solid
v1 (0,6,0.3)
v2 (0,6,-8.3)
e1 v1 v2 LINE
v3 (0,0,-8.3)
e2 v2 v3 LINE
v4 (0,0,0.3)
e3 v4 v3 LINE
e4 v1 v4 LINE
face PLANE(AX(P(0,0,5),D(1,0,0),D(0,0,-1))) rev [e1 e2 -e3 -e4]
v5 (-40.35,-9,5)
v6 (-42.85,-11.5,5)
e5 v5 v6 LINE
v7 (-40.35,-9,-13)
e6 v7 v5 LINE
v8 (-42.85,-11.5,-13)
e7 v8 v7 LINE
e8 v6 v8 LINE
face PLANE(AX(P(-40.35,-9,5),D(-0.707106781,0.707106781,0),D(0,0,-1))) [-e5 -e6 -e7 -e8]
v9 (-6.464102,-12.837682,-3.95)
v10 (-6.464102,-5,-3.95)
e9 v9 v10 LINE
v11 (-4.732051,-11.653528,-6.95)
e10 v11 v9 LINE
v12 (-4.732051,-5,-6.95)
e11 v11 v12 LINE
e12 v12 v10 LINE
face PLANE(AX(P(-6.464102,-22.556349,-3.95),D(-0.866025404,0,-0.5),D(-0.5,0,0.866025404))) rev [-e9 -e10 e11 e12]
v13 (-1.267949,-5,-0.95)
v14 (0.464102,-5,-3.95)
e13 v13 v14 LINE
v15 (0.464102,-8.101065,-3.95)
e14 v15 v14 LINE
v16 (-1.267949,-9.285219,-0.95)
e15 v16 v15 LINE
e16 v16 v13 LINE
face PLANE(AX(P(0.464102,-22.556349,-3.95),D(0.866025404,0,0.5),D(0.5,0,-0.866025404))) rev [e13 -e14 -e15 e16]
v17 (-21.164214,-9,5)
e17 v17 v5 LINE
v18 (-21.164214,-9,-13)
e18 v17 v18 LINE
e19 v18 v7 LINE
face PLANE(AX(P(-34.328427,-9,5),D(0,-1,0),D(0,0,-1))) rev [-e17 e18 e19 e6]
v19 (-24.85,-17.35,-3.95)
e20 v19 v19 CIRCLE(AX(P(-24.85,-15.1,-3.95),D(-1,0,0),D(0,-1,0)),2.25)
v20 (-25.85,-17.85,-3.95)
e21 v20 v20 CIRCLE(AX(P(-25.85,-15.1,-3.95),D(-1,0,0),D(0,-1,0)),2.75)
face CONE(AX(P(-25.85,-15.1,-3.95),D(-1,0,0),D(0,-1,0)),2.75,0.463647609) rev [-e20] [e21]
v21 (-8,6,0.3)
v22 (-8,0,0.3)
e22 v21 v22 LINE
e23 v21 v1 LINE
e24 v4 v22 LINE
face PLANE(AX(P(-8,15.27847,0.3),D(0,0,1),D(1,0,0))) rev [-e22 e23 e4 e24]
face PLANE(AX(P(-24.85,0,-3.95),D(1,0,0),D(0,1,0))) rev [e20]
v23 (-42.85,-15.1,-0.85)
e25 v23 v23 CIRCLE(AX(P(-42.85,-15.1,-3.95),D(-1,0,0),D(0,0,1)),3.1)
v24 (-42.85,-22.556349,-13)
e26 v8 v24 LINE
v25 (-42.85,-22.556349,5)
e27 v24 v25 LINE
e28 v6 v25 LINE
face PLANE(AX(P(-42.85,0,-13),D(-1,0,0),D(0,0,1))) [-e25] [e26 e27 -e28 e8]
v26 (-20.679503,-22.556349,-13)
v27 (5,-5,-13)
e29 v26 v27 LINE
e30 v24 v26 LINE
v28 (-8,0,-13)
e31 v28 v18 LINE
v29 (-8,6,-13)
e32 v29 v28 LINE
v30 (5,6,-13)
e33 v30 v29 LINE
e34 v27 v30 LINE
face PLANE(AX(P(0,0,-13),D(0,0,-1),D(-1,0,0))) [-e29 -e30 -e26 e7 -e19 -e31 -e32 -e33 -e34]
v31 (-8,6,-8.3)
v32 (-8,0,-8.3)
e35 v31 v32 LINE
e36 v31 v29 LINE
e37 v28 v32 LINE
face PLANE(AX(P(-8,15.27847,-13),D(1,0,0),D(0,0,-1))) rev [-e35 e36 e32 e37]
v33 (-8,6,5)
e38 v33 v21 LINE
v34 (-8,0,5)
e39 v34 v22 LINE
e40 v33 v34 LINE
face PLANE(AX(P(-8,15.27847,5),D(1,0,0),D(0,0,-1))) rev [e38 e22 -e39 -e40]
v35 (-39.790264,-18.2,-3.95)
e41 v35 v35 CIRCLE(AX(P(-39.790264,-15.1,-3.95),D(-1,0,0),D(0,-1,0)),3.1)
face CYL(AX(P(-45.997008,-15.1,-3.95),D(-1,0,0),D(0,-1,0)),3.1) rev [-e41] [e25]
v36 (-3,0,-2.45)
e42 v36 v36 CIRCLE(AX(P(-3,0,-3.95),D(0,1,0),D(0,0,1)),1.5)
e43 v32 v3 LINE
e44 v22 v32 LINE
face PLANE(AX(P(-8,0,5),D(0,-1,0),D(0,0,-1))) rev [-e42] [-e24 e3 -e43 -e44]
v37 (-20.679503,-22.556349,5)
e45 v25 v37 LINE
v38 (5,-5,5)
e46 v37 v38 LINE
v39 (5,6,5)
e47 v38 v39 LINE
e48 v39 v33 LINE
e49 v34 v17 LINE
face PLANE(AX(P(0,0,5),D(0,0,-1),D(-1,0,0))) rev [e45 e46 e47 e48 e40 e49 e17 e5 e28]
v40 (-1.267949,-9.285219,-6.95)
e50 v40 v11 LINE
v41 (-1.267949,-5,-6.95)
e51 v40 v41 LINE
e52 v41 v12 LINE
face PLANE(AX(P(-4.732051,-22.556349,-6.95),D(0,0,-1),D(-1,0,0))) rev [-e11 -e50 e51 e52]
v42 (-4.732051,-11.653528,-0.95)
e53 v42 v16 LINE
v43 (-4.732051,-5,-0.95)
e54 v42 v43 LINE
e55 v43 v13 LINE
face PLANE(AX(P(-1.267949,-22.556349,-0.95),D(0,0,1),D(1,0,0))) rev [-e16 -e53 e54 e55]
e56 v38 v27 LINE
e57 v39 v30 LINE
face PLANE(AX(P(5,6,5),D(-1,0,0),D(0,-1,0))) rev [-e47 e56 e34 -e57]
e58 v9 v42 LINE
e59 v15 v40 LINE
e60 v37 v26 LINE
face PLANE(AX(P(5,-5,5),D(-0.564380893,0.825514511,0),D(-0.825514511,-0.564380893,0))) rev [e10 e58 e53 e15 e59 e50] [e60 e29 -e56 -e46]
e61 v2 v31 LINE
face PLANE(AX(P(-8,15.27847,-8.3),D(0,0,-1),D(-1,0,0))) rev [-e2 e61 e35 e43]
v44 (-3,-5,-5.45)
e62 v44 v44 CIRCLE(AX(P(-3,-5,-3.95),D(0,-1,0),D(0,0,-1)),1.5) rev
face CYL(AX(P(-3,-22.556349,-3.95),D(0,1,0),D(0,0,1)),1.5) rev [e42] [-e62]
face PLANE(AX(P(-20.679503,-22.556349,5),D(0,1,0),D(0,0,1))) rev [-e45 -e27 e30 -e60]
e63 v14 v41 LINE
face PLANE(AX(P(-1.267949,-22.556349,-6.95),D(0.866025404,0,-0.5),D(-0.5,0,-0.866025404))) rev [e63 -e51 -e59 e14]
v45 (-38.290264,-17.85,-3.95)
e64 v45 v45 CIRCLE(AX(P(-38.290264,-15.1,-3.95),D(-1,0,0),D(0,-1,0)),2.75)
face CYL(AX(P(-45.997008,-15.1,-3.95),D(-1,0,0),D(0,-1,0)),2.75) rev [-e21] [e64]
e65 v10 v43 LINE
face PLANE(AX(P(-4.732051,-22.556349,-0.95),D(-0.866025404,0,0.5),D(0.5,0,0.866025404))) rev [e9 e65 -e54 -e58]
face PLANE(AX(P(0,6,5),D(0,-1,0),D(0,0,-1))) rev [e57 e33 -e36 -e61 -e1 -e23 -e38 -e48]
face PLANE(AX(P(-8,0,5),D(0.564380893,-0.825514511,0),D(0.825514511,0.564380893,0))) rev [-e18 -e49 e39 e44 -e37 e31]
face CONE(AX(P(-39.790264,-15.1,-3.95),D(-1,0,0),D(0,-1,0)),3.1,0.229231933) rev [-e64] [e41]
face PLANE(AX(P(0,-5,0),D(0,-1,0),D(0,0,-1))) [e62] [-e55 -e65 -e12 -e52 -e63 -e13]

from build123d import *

# Parameters (mm, degrees)
BOSS_EXTRUDE1_DEPTH      = 5
BOSS_EXTRUDE1_DEPTH_BACK = 13
SKETCH2_R                = 1.5
CUT_EXTRUDE1_DEPTH       = 66.915554427
SKETCH4_W                = 8
SKETCH4_H                = 4.7
BOSS_EXTRUDE2_DEPTH      = 6
CUT_EXTRUDE3_START       = -5
CUT_EXTRUDE3_DEPTH       = 61.915554427
CUT_EXTRUDE4_DEPTH       = 68.080998169
CHAMFER1_SIZE            = 2.5


with BuildPart() as part:
    # Sketch1 → Boss-Extrude1 (new, two sides: drawn at the far end of the back side and taken through both)
    with BuildSketch(Plane.XY.offset(-BOSS_EXTRUDE1_DEPTH_BACK)):
        Polygon((0, 6), (5, 6), (5, -5), (-20.67950334, -22.556349186), (-49.056349186, -22.556349186), (-60.556349186, -11.056349186), (-46.414213562, 3.085786438), (-34.328427125, -9), (-21.164213562, -9), (-8, 0), (0, 0), align=None)
    extrude(amount=BOSS_EXTRUDE1_DEPTH + BOSS_EXTRUDE1_DEPTH_BACK)

    # Sketch2 → Cut-Extrude1 (cut, through all)
    with BuildSketch(Plane(origin=(0, 0, 0), x_dir=(1, 0, 0), z_dir=(0, 1, 0))):
        with Locations(Location((-3, 3.95, 0), (0, 0, 270))):
            Circle(SKETCH2_R)
    extrude(amount=-CUT_EXTRUDE1_DEPTH, mode=Mode.SUBTRACT)

    # Sketch4 → Boss-Extrude2 (add)
    with BuildSketch(Plane(origin=(0, 0, 0), x_dir=(1, 0, 0), z_dir=(0, 1, 0))):
        with Locations((-4, -2.65)):
            Rectangle(SKETCH4_W, SKETCH4_H)
        with Locations((-4, 10.65)):
            Rectangle(SKETCH4_W, SKETCH4_H)
    extrude(amount=BOSS_EXTRUDE2_DEPTH)

    # Sketch5 → Cut-Extrude3 (cut, through all)
    with BuildSketch(Plane(origin=(0, 0, 0), x_dir=(1, 0, 0), z_dir=(0, 1, 0)).offset(CUT_EXTRUDE3_START)):
        Polygon((-1.267949192, 0.95), (-4.732050808, 0.95), (-6.464101615, 3.95), (-4.732050808, 6.95), (-1.267949192, 6.95), (0.464101615, 3.95), align=None)
    extrude(amount=-CUT_EXTRUDE3_DEPTH, mode=Mode.SUBTRACT)

    # Sketch6 → Cut-Extrude4 (cut, through all)
    with BuildSketch(Plane.XY.offset(5)):
        Polygon((-42.85, -22.556349186), (-49.056349186, -22.556349186), (-60.556349186, -11.056349186), (-46.414213562, 3.085786438), (-34.328427125, -9), (-42.85, -9), align=None)
    extrude(amount=-CUT_EXTRUDE4_DEPTH, mode=Mode.SUBTRACT)

    # Sketch7 → Cut-Revolve1 (revolve, cut)
    with BuildSketch(Plane.XY.offset(-3.95), mode=Mode.PRIVATE) as cut_revolve1_sk:
        Polygon((-24.85, -15.1), (-25.85, -15.1), (-45.997007673, -15.1), (-45.997007673, -12), (-39.790264322, -12), (-38.290264322, -12.35), (-25.85, -12.35), (-24.85, -12.85), align=None)
    revolve(cut_revolve1_sk.sketch.rotate(Axis((-45.997007673, -15.1, -3.95), (1, 0, 0)), 180), axis=Axis((-45.997007673, -15.1, -3.95), (1, 0, 0)), mode=Mode.SUBTRACT)

    # Chamfer1
    chamfer1_edges = [part.edges().sort_by_distance(p)[0] for p in [
        (-42.85, -9, -4),
    ]]
    chamfer(chamfer1_edges, length=CHAMFER1_SIZE)


solid = part.part
